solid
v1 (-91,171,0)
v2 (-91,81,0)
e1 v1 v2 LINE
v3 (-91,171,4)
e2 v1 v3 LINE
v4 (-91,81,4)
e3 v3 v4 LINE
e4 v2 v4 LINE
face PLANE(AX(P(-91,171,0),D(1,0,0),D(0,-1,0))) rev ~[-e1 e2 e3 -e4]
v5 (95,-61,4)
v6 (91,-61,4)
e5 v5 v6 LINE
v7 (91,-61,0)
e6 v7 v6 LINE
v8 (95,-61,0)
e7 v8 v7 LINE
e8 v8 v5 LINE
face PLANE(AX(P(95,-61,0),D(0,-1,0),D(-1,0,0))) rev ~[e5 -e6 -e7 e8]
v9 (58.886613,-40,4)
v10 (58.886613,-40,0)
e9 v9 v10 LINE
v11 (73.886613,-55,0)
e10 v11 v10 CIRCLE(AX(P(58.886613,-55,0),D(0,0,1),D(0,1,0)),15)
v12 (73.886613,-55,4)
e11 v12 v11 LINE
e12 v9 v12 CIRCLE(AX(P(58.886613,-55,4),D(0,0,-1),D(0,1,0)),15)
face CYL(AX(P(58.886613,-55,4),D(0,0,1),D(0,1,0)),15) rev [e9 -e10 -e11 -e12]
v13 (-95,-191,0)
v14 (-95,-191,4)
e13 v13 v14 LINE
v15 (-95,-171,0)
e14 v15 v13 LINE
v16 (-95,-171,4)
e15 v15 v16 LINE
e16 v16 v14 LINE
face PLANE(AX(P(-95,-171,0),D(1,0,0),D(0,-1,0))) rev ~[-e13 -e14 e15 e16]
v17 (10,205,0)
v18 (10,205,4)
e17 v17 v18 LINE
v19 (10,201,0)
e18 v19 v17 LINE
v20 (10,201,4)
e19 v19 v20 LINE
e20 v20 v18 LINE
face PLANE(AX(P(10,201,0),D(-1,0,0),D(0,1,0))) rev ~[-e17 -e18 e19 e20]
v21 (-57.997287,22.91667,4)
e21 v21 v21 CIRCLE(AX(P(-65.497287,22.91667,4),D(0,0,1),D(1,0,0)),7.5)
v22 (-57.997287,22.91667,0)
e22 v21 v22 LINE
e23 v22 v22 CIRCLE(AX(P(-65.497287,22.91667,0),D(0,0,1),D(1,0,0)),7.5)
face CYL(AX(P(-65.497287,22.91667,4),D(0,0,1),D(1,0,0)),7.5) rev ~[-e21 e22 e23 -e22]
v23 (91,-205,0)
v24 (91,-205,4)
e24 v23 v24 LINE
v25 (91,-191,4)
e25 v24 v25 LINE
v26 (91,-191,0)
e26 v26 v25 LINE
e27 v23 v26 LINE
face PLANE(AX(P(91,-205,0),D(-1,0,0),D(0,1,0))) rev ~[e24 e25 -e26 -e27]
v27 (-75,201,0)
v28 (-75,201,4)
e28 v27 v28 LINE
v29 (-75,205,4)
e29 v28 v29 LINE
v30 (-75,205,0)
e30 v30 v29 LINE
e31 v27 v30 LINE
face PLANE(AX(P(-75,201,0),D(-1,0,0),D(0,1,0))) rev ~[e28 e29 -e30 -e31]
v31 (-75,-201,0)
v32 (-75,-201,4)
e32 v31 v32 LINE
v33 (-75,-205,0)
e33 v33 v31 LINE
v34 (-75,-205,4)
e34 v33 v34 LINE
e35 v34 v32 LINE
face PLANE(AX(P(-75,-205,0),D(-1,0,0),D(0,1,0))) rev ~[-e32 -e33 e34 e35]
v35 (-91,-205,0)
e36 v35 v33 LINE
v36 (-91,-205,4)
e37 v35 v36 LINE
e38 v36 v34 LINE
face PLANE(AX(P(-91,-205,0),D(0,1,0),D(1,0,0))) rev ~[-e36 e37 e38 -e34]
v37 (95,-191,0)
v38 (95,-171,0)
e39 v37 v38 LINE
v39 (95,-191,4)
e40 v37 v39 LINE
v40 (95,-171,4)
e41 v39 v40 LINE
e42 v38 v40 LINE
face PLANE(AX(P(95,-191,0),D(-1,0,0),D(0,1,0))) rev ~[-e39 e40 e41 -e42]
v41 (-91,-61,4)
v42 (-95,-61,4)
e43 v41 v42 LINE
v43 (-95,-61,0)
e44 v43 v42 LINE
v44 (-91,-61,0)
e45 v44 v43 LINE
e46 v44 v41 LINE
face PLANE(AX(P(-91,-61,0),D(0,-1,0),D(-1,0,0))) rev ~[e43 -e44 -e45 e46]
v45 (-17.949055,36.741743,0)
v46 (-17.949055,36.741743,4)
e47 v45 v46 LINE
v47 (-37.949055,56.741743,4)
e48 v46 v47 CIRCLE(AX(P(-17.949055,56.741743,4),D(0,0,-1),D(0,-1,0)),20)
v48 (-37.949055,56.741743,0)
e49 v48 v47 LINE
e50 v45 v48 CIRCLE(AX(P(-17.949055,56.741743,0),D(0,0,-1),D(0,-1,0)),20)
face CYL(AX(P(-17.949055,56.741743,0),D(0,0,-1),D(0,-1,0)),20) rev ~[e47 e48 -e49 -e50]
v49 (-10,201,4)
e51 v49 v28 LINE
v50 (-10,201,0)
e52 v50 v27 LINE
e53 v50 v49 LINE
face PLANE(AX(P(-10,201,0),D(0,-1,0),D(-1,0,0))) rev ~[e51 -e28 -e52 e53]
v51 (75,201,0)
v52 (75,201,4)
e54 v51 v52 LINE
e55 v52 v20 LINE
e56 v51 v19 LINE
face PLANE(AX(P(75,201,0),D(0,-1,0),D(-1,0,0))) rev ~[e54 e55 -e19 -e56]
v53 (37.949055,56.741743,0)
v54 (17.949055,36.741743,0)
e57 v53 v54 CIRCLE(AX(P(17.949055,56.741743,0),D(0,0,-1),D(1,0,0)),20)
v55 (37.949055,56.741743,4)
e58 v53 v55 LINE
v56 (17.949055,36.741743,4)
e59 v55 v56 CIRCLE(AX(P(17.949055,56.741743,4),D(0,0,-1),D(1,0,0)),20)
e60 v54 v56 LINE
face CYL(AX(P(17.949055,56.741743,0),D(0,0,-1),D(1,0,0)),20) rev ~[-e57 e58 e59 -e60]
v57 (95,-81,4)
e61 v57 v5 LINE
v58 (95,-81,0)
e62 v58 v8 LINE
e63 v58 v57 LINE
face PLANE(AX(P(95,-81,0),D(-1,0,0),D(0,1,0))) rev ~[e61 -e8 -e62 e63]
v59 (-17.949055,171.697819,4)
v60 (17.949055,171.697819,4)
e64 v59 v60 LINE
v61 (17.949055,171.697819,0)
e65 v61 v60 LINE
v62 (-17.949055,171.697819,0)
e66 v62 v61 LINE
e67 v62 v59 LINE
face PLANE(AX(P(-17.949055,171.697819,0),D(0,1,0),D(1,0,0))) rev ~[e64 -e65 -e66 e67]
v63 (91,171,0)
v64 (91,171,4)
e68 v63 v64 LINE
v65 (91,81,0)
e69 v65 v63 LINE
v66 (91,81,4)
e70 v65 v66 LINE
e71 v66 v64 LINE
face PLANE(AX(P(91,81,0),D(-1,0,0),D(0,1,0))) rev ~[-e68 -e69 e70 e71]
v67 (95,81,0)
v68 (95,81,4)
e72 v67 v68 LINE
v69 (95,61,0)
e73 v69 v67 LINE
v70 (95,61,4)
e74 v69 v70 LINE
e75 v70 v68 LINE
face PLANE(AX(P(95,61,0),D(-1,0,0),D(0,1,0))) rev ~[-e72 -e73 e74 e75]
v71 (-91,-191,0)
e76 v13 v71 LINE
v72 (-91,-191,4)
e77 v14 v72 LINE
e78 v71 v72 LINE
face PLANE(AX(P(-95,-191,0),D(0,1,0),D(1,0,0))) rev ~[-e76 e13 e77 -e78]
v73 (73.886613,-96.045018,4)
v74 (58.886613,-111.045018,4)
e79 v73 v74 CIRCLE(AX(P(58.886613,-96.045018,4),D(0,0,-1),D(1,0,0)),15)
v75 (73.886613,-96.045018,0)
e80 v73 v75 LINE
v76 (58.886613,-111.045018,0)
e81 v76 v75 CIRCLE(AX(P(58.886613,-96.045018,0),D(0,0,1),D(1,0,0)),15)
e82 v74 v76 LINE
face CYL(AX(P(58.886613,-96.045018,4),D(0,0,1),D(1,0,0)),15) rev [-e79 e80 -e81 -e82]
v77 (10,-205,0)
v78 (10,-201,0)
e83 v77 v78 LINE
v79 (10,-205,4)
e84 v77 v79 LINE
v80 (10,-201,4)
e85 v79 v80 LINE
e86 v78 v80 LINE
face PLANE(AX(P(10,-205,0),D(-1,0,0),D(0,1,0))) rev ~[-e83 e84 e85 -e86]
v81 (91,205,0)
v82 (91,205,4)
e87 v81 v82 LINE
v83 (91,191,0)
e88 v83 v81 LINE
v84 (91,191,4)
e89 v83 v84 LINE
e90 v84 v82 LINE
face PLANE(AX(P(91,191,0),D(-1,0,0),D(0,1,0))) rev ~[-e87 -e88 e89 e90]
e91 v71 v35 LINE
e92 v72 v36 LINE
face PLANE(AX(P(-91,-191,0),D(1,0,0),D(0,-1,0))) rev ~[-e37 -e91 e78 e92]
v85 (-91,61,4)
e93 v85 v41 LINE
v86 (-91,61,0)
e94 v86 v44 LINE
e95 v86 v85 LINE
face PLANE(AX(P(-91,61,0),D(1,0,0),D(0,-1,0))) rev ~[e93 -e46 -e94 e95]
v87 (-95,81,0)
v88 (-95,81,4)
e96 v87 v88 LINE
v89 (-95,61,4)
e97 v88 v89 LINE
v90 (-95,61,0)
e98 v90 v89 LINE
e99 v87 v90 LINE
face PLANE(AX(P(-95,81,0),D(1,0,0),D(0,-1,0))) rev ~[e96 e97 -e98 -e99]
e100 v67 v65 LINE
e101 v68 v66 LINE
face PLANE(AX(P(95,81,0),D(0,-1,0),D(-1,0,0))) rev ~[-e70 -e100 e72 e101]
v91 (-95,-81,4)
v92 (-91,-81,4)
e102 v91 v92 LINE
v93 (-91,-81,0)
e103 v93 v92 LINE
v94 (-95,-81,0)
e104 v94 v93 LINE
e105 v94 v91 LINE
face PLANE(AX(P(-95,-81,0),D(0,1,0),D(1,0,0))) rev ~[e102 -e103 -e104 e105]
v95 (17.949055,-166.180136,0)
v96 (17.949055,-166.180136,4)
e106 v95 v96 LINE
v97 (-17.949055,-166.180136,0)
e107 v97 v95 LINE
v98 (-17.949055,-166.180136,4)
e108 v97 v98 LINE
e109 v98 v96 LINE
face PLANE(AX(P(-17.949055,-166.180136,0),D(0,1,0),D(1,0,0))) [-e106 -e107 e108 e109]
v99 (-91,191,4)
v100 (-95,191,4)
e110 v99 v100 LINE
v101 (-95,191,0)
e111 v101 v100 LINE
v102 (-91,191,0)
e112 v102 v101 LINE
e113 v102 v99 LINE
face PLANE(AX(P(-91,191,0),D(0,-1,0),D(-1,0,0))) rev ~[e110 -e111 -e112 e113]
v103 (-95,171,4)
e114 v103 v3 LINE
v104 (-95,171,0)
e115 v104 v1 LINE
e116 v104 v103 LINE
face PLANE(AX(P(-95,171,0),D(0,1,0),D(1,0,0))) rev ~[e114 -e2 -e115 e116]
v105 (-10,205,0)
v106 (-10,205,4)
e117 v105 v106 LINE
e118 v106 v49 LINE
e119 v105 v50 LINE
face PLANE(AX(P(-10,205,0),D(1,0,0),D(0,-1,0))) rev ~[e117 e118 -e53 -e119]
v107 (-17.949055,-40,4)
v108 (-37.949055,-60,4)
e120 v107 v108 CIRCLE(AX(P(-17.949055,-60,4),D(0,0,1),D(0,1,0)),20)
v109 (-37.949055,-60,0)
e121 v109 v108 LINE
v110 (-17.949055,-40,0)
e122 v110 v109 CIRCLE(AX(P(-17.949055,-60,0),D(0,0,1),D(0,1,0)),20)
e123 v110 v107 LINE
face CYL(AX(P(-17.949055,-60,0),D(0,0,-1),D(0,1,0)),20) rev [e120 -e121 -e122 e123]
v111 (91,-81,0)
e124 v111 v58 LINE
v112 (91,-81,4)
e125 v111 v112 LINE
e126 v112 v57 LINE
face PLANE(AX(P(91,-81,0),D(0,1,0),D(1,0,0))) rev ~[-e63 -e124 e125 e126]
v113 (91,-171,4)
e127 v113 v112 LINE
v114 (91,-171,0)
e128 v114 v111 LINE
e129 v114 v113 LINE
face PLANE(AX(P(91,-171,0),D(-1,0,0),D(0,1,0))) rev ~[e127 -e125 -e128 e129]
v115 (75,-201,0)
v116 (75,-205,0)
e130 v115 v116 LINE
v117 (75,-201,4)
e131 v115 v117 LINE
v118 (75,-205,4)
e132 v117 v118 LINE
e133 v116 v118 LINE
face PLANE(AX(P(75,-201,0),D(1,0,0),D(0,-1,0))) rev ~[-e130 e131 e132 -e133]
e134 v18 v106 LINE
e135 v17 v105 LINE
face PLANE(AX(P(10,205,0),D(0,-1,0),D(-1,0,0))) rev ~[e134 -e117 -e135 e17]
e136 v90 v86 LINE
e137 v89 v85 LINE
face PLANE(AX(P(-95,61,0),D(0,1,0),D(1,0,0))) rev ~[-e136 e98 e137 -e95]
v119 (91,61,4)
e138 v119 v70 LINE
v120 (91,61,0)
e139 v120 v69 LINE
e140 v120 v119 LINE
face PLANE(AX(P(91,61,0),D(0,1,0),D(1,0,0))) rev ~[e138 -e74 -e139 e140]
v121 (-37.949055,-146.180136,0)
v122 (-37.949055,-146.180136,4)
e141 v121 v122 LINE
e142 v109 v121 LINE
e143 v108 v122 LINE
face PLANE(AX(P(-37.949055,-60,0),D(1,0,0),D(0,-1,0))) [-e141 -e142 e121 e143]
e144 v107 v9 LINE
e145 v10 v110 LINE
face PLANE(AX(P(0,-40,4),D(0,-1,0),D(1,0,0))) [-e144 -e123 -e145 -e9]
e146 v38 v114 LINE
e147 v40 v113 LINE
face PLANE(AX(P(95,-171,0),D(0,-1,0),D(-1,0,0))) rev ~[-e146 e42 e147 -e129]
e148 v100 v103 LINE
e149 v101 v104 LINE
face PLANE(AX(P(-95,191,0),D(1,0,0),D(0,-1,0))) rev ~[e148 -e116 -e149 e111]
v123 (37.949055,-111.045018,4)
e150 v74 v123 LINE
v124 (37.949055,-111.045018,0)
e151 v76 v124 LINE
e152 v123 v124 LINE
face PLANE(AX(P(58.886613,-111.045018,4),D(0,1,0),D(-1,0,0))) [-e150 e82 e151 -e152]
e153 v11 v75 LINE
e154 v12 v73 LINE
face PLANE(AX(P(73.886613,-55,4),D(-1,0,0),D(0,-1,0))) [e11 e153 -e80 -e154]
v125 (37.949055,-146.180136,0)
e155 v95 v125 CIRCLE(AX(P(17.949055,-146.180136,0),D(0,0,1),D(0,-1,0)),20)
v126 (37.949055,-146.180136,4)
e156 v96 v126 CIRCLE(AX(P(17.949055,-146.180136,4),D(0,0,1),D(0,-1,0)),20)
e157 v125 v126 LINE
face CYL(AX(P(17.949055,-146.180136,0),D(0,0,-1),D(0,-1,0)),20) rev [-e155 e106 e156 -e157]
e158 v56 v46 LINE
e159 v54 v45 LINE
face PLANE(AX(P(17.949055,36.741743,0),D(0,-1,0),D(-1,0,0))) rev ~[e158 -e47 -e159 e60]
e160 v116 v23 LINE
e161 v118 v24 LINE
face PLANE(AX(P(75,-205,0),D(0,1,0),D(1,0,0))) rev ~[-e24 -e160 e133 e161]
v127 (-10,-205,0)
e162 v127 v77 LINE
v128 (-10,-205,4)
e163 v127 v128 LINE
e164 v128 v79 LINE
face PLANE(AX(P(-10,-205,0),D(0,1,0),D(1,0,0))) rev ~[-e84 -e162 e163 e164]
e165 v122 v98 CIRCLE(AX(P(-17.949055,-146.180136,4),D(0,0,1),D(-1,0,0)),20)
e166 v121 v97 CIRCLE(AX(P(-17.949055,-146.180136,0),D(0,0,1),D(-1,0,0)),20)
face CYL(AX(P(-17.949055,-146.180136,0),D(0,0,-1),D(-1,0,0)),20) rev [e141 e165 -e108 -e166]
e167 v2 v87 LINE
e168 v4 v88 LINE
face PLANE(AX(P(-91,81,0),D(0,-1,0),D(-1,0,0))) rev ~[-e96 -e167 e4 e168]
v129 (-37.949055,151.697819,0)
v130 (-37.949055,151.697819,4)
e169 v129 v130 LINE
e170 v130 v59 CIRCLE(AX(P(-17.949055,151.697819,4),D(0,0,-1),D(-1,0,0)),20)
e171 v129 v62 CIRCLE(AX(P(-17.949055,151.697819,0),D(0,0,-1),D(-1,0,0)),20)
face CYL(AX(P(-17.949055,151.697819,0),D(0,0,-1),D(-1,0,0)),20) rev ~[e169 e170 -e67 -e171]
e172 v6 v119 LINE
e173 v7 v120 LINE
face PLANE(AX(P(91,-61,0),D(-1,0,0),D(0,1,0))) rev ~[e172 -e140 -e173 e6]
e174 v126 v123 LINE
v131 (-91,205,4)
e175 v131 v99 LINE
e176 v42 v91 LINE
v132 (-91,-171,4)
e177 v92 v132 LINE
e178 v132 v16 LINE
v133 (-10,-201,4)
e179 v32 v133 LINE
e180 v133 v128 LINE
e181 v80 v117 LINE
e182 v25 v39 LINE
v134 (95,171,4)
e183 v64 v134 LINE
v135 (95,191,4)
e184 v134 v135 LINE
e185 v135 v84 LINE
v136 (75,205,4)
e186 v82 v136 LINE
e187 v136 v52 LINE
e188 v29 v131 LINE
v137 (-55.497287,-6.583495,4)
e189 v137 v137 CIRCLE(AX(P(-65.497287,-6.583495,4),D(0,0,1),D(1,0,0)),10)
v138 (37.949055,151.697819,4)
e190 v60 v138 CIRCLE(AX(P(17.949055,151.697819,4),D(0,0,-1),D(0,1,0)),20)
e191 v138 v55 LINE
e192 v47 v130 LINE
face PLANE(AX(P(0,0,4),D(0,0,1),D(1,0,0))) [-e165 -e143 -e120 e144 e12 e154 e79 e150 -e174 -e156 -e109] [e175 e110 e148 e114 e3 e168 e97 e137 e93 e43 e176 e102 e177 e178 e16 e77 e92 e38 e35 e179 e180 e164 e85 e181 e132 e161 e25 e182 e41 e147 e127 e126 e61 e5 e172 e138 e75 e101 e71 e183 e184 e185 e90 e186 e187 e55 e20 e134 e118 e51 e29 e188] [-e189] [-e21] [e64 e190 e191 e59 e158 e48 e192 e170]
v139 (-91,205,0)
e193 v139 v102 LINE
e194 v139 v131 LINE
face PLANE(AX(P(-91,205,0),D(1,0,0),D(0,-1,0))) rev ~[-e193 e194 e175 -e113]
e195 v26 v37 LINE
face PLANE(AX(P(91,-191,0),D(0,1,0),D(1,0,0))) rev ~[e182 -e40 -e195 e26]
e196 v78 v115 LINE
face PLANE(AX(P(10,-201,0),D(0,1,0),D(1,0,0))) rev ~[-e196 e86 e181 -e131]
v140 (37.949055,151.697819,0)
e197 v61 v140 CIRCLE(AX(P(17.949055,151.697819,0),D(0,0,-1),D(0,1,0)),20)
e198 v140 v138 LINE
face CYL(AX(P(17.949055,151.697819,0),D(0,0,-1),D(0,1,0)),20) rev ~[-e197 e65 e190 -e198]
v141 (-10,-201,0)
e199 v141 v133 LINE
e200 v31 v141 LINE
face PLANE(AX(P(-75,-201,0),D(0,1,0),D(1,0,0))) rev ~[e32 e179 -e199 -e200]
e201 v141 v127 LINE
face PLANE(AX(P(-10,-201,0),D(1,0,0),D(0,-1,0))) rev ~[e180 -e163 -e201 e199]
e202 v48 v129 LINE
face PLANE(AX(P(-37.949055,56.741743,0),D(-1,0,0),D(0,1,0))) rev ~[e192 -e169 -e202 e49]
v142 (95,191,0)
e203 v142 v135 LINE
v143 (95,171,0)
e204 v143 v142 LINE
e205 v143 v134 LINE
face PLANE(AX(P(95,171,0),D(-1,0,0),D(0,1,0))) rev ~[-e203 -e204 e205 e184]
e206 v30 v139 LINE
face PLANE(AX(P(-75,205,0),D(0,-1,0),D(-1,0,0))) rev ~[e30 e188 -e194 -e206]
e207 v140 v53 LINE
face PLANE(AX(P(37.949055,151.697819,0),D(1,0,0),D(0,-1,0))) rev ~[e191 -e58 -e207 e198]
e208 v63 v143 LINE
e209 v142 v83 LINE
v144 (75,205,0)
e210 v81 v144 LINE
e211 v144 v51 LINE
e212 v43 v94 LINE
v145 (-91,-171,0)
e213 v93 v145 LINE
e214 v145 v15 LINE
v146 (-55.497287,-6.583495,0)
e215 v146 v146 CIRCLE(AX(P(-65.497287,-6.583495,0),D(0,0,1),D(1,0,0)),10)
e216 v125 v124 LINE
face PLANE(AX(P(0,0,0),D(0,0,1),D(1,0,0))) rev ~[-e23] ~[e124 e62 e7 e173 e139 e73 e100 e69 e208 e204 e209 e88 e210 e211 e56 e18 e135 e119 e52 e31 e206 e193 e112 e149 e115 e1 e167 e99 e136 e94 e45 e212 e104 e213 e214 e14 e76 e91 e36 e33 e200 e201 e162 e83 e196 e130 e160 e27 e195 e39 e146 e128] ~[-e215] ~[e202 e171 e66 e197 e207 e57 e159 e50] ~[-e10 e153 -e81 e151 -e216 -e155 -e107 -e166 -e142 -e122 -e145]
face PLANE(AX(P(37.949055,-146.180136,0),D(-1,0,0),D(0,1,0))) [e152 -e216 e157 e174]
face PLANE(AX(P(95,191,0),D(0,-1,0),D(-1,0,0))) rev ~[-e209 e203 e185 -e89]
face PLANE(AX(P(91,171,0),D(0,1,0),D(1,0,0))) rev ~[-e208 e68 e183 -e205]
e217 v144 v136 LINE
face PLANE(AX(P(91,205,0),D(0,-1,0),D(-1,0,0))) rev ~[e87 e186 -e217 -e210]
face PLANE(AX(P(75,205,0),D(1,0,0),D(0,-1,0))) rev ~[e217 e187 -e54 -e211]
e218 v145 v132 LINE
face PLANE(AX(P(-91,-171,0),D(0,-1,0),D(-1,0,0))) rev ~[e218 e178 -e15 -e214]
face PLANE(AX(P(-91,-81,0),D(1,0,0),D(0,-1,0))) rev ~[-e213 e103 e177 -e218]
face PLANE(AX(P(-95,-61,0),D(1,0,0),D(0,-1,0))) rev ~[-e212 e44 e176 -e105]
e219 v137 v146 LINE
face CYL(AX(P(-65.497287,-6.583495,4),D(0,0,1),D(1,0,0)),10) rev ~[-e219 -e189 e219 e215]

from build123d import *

# Parameters (mm, degrees)
BOSS_EXTRUDE2_DEPTH = 4
CUT_EXTRUDE1_DEPTH  = 10
SKETCH3_R           = 7.5
SKETCH3_R_2         = 10
CUT_EXTRUDE2_DEPTH  = 10


with BuildPart() as part:
    # Sketch1 → Boss-Extrude2 (new body)
    with BuildSketch(Plane.XY):
        Polygon((-75, -201), (-10, -201), (-10, -205), (10, -205), (10, -201), (75, -201), (75, -205), (91, -205), (91, -191), (95, -191), (95, -171), (91, -171), (91, -81), (95, -81), (95, -61), (91, -61), (91, 61), (95, 61), (95, 81), (91, 81), (91, 171), (95, 171), (95, 191), (91, 191), (91, 205), (75, 205), (75, 201), (10, 201), (10, 205), (-10, 205), (-10, 201), (-75, 201), (-75, 205), (-91, 205), (-91, 191), (-95, 191), (-95, 171), (-91, 171), (-91, 81), (-95, 81), (-95, 61), (-91, 61), (-91, -61), (-95, -61), (-95, -81), (-91, -81), (-91, -171), (-95, -171), (-95, -191), (-91, -191), (-91, -205), (-75, -205), align=None)
        with BuildLine():
            Line((-17.949055326, 171.697819396), (17.949055326, 171.697819396))
            ThreePointArc((17.949055326, 171.697819396), (32.09119095, 165.83995502), (37.949055326, 151.697819396))
            Line((37.949055326, 151.697819396), (37.949055326, 56.741742537))
            ThreePointArc((37.949055326, 56.741742537), (32.09119095, 42.599606914), (17.949055326, 36.741742537))
            Line((17.949055326, 36.741742537), (-17.949055326, 36.741742537))
            ThreePointArc((-17.949055326, 36.741742537), (-32.09119095, 42.599606914), (-37.949055326, 56.741742537))
            Line((-37.949055326, 56.741742537), (-37.949055326, 151.697819396))
            ThreePointArc((-37.949055326, 151.697819396), (-32.09119095, 165.83995502), (-17.949055326, 171.697819396))
        make_face(mode=Mode.SUBTRACT)
        with BuildLine():
            Line((-17.949055326, -166.180135652), (17.949055326, -166.180135652))
            ThreePointArc((17.949055326, -166.180135652), (32.09119095, -160.322271276), (37.949055326, -146.180135652))
            Line((37.949055326, -146.180135652), (37.949055326, -60))
            ThreePointArc((37.949055326, -60), (32.09119095, -45.857864376), (17.949055326, -40))
            Line((17.949055326, -40), (-17.949055326, -40))
            ThreePointArc((-17.949055326, -40), (-32.09119095, -45.857864376), (-37.949055326, -60))
            Line((-37.949055326, -60), (-37.949055326, -146.180135652))
            ThreePointArc((-37.949055326, -146.180135652), (-32.09119095, -160.322271276), (-17.949055326, -166.180135652))
        make_face(mode=Mode.SUBTRACT)
    extrude(amount=BOSS_EXTRUDE2_DEPTH)

    # Sketch2 → Cut-Extrude1 (cut)
    with BuildSketch(Plane.XY.offset(4)):
        with BuildLine():
            Line((0, -40), (58.886613453, -40))
            ThreePointArc((58.886613453, -40), (69.49321517, -44.393398282), (73.886613453, -55))
            Line((73.886613453, -55), (73.886613453, -96.0450181))
            ThreePointArc((73.886613453, -96.0450181), (69.49321517, -106.651619817), (58.886613453, -111.0450181))
            Line((58.886613453, -111.0450181), (0, -111.0450181))
            Line((0, -111.0450181), (0, -40))
        make_face()
    extrude(amount=-CUT_EXTRUDE1_DEPTH, mode=Mode.SUBTRACT)

    # Sketch3 → Cut-Extrude2 (cut)
    with BuildSketch(Plane.XY.offset(4)):
        with Locations((-65.497286905, 22.916669932)):
            Circle(SKETCH3_R)
        with Locations((-65.497286905, -6.583495202)):
            Circle(SKETCH3_R_2)
    extrude(amount=-CUT_EXTRUDE2_DEPTH, mode=Mode.SUBTRACT)


solid = part.part
